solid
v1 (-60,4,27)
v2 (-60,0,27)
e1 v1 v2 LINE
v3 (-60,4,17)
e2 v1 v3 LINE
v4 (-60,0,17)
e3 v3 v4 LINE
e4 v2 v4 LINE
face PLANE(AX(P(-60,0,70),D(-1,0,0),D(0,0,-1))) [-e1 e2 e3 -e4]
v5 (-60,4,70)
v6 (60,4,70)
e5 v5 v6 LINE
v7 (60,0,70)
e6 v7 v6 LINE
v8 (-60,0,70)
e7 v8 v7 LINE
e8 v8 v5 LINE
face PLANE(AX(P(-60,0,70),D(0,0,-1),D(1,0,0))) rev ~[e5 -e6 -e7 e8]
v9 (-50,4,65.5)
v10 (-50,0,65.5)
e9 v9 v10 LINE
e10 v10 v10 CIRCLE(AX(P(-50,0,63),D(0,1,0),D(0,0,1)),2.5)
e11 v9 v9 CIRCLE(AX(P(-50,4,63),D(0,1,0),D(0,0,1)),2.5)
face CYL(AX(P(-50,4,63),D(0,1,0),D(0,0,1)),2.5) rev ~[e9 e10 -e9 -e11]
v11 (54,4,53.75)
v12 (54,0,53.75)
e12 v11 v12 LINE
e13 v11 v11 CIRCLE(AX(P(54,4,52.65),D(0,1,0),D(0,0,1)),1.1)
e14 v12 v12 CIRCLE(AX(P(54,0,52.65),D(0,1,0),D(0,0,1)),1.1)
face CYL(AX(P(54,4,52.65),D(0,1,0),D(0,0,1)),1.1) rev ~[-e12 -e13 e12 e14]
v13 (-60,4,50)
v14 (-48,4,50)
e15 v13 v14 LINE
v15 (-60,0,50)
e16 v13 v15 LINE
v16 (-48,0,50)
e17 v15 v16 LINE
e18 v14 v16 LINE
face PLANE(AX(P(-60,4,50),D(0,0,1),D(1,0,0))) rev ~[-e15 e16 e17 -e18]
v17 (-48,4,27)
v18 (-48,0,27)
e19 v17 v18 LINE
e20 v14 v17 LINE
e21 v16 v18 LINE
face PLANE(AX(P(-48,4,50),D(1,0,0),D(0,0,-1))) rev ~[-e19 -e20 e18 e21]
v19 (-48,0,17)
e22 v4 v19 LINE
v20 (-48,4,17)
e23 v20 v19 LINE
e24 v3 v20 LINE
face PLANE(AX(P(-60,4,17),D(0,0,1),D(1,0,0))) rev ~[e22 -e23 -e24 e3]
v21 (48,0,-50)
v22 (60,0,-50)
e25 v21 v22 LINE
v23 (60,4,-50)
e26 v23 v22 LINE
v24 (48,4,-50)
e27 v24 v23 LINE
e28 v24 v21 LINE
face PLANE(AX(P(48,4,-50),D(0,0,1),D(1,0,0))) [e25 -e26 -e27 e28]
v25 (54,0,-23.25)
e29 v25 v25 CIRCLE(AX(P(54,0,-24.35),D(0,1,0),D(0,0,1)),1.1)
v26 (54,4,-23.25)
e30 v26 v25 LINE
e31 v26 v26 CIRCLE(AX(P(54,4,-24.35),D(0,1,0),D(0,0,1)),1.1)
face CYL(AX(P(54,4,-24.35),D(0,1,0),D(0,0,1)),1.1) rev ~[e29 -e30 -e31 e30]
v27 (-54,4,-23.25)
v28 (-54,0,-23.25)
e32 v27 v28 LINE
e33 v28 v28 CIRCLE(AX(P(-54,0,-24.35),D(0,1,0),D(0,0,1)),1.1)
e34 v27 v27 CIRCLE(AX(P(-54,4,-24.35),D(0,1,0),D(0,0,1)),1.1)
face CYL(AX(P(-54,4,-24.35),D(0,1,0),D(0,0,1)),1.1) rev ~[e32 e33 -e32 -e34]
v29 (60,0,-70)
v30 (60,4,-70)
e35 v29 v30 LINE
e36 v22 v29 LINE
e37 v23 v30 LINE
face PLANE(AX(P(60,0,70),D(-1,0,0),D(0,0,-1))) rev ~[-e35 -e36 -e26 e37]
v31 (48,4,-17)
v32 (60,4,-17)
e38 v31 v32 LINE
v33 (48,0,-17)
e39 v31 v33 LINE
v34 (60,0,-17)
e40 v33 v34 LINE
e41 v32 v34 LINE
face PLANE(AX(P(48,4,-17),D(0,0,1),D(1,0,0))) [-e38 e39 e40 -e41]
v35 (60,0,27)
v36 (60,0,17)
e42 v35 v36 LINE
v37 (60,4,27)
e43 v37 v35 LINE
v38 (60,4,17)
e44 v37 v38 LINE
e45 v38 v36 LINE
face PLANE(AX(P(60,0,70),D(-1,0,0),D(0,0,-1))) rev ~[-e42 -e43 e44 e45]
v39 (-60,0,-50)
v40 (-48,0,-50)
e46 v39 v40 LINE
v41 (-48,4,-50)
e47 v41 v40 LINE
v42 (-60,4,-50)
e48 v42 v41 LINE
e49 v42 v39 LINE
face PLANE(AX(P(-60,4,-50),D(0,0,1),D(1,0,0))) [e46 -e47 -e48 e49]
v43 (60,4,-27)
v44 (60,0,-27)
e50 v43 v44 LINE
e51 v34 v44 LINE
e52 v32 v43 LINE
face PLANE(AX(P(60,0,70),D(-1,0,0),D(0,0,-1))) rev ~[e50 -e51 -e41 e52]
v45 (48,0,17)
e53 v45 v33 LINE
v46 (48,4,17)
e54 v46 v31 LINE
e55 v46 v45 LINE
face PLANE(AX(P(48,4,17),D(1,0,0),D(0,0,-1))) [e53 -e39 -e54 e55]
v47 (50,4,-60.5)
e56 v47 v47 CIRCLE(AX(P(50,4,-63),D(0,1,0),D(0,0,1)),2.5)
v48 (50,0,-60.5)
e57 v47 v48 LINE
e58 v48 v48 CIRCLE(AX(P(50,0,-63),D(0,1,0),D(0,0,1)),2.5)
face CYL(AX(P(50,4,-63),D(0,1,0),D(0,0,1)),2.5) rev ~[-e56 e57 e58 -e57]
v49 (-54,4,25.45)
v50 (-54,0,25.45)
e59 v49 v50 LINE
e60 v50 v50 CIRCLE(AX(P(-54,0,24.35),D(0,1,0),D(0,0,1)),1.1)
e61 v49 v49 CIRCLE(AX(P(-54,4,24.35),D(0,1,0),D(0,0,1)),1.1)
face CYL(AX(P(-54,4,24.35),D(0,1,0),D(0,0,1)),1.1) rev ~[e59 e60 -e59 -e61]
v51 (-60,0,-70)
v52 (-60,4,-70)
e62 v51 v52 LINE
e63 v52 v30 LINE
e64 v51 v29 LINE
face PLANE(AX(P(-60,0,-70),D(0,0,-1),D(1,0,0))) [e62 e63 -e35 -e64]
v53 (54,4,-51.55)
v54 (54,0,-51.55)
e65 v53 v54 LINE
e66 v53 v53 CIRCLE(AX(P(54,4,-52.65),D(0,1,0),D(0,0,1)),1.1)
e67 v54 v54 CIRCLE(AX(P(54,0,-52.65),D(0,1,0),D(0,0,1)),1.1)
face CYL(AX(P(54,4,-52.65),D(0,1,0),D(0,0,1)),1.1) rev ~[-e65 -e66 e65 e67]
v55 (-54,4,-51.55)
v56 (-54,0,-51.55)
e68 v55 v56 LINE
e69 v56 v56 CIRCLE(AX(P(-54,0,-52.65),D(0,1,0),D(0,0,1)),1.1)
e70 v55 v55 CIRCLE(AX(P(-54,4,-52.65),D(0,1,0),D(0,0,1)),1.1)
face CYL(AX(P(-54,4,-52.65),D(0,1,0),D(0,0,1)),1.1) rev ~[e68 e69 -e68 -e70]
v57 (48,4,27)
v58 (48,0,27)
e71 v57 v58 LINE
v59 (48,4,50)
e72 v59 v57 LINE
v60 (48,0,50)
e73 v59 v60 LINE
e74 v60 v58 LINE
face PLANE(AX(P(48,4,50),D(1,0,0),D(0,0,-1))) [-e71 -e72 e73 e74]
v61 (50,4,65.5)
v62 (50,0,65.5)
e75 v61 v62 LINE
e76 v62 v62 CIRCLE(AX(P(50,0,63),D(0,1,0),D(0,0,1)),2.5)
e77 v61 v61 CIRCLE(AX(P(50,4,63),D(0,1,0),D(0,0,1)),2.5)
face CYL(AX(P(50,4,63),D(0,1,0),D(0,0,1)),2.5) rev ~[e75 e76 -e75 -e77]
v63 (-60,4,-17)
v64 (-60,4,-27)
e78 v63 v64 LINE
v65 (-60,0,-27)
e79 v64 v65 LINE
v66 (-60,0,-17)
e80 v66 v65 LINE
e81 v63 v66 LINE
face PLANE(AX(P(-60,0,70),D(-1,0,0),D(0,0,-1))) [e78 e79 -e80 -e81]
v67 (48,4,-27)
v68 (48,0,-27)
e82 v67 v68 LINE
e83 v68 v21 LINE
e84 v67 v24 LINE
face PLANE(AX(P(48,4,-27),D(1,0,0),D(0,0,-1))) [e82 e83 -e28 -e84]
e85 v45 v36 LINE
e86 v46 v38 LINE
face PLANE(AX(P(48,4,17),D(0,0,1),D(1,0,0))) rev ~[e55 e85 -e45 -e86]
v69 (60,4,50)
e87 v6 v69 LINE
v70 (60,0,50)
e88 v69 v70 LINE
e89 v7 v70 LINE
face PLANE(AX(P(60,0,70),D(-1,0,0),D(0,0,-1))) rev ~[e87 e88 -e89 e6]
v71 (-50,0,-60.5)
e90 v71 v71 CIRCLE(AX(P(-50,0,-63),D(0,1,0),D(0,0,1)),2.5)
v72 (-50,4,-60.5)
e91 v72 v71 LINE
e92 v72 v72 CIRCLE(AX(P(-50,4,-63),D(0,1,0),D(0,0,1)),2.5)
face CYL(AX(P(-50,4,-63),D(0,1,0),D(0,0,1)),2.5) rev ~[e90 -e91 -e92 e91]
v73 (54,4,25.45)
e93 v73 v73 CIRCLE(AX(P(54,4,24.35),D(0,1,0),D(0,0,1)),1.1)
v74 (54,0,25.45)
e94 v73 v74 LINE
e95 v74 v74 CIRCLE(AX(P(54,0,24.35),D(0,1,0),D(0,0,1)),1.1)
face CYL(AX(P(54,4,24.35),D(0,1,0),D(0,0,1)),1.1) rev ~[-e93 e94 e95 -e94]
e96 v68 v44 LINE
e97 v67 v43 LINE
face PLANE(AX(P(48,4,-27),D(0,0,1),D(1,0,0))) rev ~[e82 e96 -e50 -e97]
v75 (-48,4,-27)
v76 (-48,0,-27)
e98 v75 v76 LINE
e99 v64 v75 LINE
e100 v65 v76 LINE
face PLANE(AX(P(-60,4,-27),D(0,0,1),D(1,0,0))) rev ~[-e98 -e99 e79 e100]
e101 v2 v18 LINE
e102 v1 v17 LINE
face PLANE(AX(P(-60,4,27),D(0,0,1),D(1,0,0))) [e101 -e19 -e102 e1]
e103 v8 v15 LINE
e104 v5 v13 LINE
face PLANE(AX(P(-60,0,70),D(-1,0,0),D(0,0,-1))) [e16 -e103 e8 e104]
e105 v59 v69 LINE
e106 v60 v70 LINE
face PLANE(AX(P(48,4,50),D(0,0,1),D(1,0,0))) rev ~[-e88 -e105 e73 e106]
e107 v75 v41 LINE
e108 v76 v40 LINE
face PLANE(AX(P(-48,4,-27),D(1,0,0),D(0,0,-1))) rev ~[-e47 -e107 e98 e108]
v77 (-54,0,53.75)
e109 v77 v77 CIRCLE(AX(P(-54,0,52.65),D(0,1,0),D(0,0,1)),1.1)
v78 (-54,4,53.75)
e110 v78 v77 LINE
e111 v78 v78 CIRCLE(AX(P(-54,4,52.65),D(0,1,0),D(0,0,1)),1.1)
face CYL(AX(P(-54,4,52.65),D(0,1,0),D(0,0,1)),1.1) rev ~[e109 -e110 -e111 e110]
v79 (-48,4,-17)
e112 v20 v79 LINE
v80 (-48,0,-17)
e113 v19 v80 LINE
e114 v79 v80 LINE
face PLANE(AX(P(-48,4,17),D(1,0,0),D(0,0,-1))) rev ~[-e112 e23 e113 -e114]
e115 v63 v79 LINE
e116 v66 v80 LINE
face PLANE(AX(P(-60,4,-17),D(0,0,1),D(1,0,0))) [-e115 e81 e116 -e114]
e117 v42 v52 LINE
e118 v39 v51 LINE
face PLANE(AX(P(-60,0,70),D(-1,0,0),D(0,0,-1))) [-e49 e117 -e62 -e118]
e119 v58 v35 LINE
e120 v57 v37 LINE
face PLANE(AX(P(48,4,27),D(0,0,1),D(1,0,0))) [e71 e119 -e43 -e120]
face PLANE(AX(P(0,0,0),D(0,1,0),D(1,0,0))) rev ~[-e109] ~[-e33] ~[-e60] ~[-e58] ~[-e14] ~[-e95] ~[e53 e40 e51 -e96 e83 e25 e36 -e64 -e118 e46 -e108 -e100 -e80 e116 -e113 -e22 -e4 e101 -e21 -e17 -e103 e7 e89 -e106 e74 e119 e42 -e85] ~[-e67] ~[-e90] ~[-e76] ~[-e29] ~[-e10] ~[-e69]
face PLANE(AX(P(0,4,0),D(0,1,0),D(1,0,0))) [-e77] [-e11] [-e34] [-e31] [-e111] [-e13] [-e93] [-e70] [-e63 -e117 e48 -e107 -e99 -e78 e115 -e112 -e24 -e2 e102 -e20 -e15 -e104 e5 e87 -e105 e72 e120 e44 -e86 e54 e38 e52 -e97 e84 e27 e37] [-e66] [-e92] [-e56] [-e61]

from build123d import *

# Parameters (mm, degrees)
SKETCH1_W           = 120
SKETCH1_H           = 140
BOSS_EXTRUDE1_DEPTH = 4
SKETCH2_W           = 12
SKETCH2_H           = 23
SKETCH2_H_2         = 34
SKETCH2_R           = 1.1
SKETCH2_R_2         = 2.5
CUT_EXTRUDE1_DEPTH  = 93.28217596


with BuildPart() as part:
    # Sketch1 → Boss-Extrude1 (new body)
    with BuildSketch(Plane(origin=(0, 0, 0), x_dir=(1, 0, 0), z_dir=(0, 1, 0))):
        Rectangle(SKETCH1_W, SKETCH1_H)
    extrude(amount=BOSS_EXTRUDE1_DEPTH)

    # Sketch2 → Cut-Extrude1 (cut, through all)
    with BuildSketch(Plane(origin=(0, 4, 0), x_dir=(1, 0, 0), z_dir=(0, 1, 0))):
        with Locations((54, 38.5)):
            Rectangle(SKETCH2_W, SKETCH2_H)
        with Locations((-54, 38.5)):
            Rectangle(SKETCH2_W, SKETCH2_H)
        with Locations((54, -38.5)):
            Rectangle(SKETCH2_W, SKETCH2_H)
        with Locations((-54, -38.5)):
            Rectangle(SKETCH2_W, SKETCH2_H)
        with Locations((-54, 0)):
            Rectangle(SKETCH2_W, SKETCH2_H_2)
        with Locations((54, 0)):
            Rectangle(SKETCH2_W, SKETCH2_H_2)
        with Locations(Location((-54, 52.65, 0), (0, 0, 270))):
            Circle(SKETCH2_R)
        with Locations(Location((-54, 24.35, 0), (0, 0, 270))):
            Circle(SKETCH2_R)
        with Locations(Location((-54, -24.35, 0), (0, 0, 270))):
            Circle(SKETCH2_R)
        with Locations(Location((-54, -52.65, 0), (0, 0, 270))):
            Circle(SKETCH2_R)
        with Locations(Location((54, 52.65, 0), (0, 0, 270))):
            Circle(SKETCH2_R)
        with Locations(Location((54, 24.35, 0), (0, 0, 270))):
            Circle(SKETCH2_R)
        with Locations(Location((54, -24.35, 0), (0, 0, 270))):
            Circle(SKETCH2_R)
        with Locations(Location((54, -52.65, 0), (0, 0, 270))):
            Circle(SKETCH2_R)
        with Locations(Location((-50, 63, 0), (0, 0, 270))):
            Circle(SKETCH2_R_2)
        with Locations(Location((50, 63, 0), (0, 0, 270))):
            Circle(SKETCH2_R_2)
        with Locations(Location((50, -63, 0), (0, 0, 270))):
            Circle(SKETCH2_R_2)
        with Locations(Location((-50, -63, 0), (0, 0, 270))):
            Circle(SKETCH2_R_2)
    extrude(amount=-CUT_EXTRUDE1_DEPTH, mode=Mode.SUBTRACT)


solid = part.part
